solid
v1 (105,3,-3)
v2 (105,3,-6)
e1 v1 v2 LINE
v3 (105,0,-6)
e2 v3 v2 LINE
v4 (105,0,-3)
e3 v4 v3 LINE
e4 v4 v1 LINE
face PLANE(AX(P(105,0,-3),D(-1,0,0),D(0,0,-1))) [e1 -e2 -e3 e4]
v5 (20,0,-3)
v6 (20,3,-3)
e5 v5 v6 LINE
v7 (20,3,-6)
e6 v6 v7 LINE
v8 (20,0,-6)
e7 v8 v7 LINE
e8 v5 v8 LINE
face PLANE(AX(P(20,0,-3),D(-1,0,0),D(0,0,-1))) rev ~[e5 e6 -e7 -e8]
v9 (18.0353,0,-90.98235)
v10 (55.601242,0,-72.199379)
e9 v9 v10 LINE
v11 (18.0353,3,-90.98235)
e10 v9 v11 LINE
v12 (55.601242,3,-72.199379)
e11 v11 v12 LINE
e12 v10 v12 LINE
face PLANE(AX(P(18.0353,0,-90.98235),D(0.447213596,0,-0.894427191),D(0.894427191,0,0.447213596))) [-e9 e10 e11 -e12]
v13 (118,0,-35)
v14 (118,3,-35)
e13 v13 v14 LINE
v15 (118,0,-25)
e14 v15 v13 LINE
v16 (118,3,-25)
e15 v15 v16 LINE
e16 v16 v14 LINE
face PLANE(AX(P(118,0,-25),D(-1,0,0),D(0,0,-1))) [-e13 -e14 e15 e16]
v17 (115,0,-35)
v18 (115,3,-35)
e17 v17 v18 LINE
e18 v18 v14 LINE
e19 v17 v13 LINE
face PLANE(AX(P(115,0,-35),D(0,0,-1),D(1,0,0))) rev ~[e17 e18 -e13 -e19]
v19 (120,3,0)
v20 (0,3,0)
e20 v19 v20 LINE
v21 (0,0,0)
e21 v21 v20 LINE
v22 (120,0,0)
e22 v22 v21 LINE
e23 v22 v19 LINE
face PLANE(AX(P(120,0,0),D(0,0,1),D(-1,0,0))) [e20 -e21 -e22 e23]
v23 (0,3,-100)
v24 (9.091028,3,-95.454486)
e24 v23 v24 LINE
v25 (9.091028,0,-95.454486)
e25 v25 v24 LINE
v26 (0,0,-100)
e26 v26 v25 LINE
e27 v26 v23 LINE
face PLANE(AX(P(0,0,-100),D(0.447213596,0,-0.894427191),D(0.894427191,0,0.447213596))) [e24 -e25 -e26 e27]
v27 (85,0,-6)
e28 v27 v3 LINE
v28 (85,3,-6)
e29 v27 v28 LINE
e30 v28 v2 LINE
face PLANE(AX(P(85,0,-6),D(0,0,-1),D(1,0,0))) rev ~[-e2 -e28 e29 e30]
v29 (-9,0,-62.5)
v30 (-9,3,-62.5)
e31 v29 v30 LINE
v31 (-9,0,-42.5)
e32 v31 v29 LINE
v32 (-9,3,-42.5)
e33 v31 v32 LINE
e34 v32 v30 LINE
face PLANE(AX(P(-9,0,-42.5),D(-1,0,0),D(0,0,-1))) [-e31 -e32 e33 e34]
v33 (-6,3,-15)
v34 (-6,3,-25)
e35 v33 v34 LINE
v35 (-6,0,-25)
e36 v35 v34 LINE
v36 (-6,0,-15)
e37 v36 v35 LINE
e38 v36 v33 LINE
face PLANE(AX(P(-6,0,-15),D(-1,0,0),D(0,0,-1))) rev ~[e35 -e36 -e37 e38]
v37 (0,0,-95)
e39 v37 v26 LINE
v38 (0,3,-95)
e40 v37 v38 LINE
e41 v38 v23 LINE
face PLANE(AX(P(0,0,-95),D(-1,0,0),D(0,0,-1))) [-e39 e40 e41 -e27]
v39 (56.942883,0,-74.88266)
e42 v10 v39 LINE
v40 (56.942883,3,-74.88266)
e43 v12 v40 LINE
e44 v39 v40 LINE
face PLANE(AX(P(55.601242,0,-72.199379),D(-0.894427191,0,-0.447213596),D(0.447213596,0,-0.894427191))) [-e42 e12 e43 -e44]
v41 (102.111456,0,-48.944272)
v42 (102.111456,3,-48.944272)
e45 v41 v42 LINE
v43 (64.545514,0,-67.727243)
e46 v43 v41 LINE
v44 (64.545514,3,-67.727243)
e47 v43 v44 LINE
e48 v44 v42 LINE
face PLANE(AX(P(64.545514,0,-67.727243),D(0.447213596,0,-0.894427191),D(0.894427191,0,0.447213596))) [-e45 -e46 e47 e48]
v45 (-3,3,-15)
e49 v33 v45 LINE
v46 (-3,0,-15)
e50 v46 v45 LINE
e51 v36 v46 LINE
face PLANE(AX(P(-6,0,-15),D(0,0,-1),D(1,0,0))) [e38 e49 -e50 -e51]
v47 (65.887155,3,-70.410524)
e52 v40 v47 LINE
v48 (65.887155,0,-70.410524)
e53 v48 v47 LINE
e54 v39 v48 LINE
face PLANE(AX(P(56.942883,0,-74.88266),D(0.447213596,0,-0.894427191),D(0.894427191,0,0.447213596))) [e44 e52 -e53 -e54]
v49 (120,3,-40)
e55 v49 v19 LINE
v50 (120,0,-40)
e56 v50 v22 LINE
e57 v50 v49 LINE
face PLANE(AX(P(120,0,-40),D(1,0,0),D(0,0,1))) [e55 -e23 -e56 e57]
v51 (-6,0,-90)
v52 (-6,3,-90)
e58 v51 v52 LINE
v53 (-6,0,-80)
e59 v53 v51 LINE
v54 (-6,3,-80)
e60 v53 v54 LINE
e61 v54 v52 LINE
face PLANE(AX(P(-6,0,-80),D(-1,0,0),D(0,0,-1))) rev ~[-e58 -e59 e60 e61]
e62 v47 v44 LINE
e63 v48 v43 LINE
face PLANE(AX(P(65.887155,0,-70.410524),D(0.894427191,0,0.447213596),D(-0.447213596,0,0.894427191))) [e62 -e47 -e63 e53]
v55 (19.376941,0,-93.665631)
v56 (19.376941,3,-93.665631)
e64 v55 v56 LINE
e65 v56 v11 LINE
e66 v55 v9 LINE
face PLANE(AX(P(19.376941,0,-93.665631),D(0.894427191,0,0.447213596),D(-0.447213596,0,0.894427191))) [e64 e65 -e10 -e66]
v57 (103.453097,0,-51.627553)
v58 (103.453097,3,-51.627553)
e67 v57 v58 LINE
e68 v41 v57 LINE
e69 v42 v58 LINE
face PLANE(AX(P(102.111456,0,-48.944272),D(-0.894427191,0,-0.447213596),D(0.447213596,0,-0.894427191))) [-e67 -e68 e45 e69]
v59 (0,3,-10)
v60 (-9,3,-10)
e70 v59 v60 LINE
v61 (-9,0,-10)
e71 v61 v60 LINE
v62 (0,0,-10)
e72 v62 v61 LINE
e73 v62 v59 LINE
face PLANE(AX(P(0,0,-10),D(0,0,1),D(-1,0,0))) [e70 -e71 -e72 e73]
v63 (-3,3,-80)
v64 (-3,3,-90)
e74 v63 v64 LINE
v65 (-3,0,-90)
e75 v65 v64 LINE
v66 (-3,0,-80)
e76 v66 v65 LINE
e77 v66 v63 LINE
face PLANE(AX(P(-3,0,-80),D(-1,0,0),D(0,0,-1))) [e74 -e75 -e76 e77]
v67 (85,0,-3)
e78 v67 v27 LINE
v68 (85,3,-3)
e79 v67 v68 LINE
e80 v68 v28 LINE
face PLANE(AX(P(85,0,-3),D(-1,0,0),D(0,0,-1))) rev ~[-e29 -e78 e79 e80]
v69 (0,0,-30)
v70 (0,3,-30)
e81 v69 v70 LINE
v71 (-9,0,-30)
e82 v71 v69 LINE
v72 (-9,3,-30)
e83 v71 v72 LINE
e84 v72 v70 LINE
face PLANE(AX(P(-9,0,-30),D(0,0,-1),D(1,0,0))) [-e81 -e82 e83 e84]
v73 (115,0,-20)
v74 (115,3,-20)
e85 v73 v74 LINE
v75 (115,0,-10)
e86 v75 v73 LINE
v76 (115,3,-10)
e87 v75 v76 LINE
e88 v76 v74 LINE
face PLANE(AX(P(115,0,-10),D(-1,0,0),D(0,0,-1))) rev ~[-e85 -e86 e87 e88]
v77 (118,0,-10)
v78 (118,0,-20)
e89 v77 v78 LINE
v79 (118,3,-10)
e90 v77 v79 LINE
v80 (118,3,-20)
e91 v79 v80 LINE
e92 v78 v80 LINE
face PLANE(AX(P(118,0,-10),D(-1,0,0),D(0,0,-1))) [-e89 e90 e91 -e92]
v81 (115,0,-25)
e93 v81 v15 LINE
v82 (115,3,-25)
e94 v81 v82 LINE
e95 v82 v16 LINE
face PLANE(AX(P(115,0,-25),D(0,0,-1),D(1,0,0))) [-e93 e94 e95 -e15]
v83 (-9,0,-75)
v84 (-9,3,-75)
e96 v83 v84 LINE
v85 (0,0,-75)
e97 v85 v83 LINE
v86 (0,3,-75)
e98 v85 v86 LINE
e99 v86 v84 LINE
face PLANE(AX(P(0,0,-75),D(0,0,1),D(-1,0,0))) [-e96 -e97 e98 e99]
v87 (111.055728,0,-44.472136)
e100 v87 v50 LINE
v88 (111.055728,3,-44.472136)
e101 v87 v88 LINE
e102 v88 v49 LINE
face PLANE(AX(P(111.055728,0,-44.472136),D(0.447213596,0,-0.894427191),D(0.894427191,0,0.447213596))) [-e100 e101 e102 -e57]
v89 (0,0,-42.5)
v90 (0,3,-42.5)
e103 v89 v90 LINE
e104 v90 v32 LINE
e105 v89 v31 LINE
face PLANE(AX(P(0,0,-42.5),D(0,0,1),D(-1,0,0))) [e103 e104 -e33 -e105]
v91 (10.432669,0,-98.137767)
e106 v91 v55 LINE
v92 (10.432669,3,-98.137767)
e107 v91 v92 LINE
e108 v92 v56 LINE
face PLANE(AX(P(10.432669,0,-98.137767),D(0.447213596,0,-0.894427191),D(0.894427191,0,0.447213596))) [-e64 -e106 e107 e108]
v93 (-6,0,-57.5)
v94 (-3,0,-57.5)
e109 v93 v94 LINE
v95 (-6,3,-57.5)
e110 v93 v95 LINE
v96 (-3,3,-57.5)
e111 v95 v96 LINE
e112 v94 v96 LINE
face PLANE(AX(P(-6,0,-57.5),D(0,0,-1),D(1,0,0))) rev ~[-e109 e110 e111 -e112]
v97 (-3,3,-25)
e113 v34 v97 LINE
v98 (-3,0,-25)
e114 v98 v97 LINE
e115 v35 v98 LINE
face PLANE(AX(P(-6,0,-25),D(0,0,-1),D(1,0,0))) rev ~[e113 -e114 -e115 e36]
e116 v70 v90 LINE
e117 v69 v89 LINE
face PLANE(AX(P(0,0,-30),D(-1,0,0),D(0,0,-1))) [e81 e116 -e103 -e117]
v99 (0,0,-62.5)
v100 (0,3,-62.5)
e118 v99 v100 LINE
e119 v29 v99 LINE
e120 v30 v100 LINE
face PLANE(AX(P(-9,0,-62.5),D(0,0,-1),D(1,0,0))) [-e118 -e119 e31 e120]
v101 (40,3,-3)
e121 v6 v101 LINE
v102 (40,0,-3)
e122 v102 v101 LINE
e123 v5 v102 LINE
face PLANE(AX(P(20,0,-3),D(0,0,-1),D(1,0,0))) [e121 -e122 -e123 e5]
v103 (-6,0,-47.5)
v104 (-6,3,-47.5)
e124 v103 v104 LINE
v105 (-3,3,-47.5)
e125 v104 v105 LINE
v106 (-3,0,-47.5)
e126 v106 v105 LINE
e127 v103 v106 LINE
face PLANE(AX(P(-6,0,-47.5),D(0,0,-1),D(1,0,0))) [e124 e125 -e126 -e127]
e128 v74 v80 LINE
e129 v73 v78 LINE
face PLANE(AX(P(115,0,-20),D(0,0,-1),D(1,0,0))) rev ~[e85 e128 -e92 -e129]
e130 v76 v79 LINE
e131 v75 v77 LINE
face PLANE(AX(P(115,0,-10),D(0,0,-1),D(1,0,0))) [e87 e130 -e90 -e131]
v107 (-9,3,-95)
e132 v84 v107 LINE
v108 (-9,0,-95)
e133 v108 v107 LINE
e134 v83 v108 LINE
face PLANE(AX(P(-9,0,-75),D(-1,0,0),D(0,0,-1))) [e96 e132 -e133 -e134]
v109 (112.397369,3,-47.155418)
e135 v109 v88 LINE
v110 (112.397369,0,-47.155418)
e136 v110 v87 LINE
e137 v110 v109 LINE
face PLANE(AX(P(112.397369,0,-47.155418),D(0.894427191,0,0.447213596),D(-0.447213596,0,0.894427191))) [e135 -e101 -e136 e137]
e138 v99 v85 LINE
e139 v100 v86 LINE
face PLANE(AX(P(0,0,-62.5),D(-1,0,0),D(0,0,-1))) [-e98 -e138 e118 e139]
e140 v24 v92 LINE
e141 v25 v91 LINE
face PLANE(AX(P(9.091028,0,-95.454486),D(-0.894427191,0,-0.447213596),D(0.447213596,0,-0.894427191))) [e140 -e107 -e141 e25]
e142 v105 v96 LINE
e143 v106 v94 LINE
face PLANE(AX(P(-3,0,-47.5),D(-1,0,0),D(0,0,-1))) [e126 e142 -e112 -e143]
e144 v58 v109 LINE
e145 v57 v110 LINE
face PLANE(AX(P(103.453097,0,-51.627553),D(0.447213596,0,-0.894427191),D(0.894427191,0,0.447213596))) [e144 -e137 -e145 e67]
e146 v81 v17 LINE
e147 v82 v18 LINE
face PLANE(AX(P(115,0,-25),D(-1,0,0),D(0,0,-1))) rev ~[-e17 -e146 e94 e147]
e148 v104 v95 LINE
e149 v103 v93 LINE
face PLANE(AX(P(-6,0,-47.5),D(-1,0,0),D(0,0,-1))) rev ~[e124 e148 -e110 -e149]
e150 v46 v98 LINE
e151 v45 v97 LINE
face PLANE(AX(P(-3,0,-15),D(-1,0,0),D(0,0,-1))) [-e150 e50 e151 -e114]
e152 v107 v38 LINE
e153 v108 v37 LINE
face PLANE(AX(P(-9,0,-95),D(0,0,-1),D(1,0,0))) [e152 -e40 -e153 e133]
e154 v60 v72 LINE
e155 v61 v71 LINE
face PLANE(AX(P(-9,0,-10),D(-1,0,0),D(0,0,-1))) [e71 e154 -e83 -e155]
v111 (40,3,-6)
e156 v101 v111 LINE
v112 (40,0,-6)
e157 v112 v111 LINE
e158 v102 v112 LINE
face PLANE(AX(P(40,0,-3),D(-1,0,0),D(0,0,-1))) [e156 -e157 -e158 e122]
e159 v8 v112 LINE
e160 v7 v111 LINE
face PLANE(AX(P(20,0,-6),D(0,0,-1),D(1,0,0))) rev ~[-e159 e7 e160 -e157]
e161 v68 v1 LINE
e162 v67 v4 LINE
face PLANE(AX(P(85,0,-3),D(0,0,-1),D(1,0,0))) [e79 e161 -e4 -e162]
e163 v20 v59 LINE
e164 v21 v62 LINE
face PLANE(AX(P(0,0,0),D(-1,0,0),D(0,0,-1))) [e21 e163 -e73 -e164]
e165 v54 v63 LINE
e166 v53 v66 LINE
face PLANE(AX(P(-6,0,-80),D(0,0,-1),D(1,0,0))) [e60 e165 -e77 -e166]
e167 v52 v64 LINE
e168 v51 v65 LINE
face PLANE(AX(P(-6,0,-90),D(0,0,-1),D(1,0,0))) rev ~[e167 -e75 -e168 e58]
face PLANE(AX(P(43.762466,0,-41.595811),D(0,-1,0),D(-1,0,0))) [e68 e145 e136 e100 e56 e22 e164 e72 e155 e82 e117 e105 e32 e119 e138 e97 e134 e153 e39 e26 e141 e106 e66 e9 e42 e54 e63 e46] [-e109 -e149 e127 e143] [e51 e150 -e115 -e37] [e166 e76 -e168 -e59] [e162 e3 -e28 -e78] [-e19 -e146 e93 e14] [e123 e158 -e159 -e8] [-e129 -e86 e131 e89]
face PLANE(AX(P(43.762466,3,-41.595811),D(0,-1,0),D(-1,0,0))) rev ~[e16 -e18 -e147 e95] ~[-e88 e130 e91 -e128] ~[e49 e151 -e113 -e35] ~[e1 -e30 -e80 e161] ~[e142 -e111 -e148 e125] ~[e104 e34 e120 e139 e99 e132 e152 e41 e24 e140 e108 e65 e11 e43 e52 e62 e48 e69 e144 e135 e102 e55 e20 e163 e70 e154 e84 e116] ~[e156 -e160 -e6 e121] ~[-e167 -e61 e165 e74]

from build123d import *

# Parameters (mm, degrees)
SKETCH1_W           = 3
SKETCH1_H           = 10
SKETCH1_W_2         = 20
SKETCH1_H_2         = 3
BOSS_EXTRUDE1_DEPTH = 3


with BuildPart() as part:
    # Sketch1 → Boss-Extrude1 (new body)
    with BuildSketch(Plane(origin=(0, 0, 0), x_dir=(1, 0, 0), z_dir=(0, 1, 0))):
        Polygon((0, 0), (0, 10), (-9, 10), (-9, 30), (0, 30), (0, 42.5), (-9, 42.5), (-9, 62.5), (0, 62.5), (0, 75), (-9, 75), (-9, 95), (0, 95), (0, 100), (9.091028316, 95.454485842), (10.432669103, 98.137767415), (19.376941013, 93.66563146), (18.035300226, 90.982349887), (55.601242248, 72.199378876), (56.942883035, 74.882660449), (65.887154945, 70.410524494), (64.545514158, 67.727242921), (102.11145618, 48.94427191), (103.453096967, 51.627553483), (112.397368877, 47.155417528), (111.05572809, 44.472135955), (120, 40), (120, 0), align=None)
        with Locations((116.5, 30)):
            Rectangle(SKETCH1_W, SKETCH1_H, mode=Mode.SUBTRACT)
        with Locations((116.5, 15)):
            Rectangle(SKETCH1_W, SKETCH1_H, mode=Mode.SUBTRACT)
        with Locations((30, 4.5)):
            Rectangle(SKETCH1_W_2, SKETCH1_H_2, mode=Mode.SUBTRACT)
        with Locations((95, 4.5)):
            Rectangle(SKETCH1_W_2, SKETCH1_H_2, mode=Mode.SUBTRACT)
        with Locations((-4.5, 85)):
            Rectangle(SKETCH1_W, SKETCH1_H, mode=Mode.SUBTRACT)
        with Locations((-4.5, 52.5)):
            Rectangle(SKETCH1_W, SKETCH1_H, mode=Mode.SUBTRACT)
        with Locations((-4.5, 20)):
            Rectangle(SKETCH1_W, SKETCH1_H, mode=Mode.SUBTRACT)
    extrude(amount=BOSS_EXTRUDE1_DEPTH)


solid = part.part
